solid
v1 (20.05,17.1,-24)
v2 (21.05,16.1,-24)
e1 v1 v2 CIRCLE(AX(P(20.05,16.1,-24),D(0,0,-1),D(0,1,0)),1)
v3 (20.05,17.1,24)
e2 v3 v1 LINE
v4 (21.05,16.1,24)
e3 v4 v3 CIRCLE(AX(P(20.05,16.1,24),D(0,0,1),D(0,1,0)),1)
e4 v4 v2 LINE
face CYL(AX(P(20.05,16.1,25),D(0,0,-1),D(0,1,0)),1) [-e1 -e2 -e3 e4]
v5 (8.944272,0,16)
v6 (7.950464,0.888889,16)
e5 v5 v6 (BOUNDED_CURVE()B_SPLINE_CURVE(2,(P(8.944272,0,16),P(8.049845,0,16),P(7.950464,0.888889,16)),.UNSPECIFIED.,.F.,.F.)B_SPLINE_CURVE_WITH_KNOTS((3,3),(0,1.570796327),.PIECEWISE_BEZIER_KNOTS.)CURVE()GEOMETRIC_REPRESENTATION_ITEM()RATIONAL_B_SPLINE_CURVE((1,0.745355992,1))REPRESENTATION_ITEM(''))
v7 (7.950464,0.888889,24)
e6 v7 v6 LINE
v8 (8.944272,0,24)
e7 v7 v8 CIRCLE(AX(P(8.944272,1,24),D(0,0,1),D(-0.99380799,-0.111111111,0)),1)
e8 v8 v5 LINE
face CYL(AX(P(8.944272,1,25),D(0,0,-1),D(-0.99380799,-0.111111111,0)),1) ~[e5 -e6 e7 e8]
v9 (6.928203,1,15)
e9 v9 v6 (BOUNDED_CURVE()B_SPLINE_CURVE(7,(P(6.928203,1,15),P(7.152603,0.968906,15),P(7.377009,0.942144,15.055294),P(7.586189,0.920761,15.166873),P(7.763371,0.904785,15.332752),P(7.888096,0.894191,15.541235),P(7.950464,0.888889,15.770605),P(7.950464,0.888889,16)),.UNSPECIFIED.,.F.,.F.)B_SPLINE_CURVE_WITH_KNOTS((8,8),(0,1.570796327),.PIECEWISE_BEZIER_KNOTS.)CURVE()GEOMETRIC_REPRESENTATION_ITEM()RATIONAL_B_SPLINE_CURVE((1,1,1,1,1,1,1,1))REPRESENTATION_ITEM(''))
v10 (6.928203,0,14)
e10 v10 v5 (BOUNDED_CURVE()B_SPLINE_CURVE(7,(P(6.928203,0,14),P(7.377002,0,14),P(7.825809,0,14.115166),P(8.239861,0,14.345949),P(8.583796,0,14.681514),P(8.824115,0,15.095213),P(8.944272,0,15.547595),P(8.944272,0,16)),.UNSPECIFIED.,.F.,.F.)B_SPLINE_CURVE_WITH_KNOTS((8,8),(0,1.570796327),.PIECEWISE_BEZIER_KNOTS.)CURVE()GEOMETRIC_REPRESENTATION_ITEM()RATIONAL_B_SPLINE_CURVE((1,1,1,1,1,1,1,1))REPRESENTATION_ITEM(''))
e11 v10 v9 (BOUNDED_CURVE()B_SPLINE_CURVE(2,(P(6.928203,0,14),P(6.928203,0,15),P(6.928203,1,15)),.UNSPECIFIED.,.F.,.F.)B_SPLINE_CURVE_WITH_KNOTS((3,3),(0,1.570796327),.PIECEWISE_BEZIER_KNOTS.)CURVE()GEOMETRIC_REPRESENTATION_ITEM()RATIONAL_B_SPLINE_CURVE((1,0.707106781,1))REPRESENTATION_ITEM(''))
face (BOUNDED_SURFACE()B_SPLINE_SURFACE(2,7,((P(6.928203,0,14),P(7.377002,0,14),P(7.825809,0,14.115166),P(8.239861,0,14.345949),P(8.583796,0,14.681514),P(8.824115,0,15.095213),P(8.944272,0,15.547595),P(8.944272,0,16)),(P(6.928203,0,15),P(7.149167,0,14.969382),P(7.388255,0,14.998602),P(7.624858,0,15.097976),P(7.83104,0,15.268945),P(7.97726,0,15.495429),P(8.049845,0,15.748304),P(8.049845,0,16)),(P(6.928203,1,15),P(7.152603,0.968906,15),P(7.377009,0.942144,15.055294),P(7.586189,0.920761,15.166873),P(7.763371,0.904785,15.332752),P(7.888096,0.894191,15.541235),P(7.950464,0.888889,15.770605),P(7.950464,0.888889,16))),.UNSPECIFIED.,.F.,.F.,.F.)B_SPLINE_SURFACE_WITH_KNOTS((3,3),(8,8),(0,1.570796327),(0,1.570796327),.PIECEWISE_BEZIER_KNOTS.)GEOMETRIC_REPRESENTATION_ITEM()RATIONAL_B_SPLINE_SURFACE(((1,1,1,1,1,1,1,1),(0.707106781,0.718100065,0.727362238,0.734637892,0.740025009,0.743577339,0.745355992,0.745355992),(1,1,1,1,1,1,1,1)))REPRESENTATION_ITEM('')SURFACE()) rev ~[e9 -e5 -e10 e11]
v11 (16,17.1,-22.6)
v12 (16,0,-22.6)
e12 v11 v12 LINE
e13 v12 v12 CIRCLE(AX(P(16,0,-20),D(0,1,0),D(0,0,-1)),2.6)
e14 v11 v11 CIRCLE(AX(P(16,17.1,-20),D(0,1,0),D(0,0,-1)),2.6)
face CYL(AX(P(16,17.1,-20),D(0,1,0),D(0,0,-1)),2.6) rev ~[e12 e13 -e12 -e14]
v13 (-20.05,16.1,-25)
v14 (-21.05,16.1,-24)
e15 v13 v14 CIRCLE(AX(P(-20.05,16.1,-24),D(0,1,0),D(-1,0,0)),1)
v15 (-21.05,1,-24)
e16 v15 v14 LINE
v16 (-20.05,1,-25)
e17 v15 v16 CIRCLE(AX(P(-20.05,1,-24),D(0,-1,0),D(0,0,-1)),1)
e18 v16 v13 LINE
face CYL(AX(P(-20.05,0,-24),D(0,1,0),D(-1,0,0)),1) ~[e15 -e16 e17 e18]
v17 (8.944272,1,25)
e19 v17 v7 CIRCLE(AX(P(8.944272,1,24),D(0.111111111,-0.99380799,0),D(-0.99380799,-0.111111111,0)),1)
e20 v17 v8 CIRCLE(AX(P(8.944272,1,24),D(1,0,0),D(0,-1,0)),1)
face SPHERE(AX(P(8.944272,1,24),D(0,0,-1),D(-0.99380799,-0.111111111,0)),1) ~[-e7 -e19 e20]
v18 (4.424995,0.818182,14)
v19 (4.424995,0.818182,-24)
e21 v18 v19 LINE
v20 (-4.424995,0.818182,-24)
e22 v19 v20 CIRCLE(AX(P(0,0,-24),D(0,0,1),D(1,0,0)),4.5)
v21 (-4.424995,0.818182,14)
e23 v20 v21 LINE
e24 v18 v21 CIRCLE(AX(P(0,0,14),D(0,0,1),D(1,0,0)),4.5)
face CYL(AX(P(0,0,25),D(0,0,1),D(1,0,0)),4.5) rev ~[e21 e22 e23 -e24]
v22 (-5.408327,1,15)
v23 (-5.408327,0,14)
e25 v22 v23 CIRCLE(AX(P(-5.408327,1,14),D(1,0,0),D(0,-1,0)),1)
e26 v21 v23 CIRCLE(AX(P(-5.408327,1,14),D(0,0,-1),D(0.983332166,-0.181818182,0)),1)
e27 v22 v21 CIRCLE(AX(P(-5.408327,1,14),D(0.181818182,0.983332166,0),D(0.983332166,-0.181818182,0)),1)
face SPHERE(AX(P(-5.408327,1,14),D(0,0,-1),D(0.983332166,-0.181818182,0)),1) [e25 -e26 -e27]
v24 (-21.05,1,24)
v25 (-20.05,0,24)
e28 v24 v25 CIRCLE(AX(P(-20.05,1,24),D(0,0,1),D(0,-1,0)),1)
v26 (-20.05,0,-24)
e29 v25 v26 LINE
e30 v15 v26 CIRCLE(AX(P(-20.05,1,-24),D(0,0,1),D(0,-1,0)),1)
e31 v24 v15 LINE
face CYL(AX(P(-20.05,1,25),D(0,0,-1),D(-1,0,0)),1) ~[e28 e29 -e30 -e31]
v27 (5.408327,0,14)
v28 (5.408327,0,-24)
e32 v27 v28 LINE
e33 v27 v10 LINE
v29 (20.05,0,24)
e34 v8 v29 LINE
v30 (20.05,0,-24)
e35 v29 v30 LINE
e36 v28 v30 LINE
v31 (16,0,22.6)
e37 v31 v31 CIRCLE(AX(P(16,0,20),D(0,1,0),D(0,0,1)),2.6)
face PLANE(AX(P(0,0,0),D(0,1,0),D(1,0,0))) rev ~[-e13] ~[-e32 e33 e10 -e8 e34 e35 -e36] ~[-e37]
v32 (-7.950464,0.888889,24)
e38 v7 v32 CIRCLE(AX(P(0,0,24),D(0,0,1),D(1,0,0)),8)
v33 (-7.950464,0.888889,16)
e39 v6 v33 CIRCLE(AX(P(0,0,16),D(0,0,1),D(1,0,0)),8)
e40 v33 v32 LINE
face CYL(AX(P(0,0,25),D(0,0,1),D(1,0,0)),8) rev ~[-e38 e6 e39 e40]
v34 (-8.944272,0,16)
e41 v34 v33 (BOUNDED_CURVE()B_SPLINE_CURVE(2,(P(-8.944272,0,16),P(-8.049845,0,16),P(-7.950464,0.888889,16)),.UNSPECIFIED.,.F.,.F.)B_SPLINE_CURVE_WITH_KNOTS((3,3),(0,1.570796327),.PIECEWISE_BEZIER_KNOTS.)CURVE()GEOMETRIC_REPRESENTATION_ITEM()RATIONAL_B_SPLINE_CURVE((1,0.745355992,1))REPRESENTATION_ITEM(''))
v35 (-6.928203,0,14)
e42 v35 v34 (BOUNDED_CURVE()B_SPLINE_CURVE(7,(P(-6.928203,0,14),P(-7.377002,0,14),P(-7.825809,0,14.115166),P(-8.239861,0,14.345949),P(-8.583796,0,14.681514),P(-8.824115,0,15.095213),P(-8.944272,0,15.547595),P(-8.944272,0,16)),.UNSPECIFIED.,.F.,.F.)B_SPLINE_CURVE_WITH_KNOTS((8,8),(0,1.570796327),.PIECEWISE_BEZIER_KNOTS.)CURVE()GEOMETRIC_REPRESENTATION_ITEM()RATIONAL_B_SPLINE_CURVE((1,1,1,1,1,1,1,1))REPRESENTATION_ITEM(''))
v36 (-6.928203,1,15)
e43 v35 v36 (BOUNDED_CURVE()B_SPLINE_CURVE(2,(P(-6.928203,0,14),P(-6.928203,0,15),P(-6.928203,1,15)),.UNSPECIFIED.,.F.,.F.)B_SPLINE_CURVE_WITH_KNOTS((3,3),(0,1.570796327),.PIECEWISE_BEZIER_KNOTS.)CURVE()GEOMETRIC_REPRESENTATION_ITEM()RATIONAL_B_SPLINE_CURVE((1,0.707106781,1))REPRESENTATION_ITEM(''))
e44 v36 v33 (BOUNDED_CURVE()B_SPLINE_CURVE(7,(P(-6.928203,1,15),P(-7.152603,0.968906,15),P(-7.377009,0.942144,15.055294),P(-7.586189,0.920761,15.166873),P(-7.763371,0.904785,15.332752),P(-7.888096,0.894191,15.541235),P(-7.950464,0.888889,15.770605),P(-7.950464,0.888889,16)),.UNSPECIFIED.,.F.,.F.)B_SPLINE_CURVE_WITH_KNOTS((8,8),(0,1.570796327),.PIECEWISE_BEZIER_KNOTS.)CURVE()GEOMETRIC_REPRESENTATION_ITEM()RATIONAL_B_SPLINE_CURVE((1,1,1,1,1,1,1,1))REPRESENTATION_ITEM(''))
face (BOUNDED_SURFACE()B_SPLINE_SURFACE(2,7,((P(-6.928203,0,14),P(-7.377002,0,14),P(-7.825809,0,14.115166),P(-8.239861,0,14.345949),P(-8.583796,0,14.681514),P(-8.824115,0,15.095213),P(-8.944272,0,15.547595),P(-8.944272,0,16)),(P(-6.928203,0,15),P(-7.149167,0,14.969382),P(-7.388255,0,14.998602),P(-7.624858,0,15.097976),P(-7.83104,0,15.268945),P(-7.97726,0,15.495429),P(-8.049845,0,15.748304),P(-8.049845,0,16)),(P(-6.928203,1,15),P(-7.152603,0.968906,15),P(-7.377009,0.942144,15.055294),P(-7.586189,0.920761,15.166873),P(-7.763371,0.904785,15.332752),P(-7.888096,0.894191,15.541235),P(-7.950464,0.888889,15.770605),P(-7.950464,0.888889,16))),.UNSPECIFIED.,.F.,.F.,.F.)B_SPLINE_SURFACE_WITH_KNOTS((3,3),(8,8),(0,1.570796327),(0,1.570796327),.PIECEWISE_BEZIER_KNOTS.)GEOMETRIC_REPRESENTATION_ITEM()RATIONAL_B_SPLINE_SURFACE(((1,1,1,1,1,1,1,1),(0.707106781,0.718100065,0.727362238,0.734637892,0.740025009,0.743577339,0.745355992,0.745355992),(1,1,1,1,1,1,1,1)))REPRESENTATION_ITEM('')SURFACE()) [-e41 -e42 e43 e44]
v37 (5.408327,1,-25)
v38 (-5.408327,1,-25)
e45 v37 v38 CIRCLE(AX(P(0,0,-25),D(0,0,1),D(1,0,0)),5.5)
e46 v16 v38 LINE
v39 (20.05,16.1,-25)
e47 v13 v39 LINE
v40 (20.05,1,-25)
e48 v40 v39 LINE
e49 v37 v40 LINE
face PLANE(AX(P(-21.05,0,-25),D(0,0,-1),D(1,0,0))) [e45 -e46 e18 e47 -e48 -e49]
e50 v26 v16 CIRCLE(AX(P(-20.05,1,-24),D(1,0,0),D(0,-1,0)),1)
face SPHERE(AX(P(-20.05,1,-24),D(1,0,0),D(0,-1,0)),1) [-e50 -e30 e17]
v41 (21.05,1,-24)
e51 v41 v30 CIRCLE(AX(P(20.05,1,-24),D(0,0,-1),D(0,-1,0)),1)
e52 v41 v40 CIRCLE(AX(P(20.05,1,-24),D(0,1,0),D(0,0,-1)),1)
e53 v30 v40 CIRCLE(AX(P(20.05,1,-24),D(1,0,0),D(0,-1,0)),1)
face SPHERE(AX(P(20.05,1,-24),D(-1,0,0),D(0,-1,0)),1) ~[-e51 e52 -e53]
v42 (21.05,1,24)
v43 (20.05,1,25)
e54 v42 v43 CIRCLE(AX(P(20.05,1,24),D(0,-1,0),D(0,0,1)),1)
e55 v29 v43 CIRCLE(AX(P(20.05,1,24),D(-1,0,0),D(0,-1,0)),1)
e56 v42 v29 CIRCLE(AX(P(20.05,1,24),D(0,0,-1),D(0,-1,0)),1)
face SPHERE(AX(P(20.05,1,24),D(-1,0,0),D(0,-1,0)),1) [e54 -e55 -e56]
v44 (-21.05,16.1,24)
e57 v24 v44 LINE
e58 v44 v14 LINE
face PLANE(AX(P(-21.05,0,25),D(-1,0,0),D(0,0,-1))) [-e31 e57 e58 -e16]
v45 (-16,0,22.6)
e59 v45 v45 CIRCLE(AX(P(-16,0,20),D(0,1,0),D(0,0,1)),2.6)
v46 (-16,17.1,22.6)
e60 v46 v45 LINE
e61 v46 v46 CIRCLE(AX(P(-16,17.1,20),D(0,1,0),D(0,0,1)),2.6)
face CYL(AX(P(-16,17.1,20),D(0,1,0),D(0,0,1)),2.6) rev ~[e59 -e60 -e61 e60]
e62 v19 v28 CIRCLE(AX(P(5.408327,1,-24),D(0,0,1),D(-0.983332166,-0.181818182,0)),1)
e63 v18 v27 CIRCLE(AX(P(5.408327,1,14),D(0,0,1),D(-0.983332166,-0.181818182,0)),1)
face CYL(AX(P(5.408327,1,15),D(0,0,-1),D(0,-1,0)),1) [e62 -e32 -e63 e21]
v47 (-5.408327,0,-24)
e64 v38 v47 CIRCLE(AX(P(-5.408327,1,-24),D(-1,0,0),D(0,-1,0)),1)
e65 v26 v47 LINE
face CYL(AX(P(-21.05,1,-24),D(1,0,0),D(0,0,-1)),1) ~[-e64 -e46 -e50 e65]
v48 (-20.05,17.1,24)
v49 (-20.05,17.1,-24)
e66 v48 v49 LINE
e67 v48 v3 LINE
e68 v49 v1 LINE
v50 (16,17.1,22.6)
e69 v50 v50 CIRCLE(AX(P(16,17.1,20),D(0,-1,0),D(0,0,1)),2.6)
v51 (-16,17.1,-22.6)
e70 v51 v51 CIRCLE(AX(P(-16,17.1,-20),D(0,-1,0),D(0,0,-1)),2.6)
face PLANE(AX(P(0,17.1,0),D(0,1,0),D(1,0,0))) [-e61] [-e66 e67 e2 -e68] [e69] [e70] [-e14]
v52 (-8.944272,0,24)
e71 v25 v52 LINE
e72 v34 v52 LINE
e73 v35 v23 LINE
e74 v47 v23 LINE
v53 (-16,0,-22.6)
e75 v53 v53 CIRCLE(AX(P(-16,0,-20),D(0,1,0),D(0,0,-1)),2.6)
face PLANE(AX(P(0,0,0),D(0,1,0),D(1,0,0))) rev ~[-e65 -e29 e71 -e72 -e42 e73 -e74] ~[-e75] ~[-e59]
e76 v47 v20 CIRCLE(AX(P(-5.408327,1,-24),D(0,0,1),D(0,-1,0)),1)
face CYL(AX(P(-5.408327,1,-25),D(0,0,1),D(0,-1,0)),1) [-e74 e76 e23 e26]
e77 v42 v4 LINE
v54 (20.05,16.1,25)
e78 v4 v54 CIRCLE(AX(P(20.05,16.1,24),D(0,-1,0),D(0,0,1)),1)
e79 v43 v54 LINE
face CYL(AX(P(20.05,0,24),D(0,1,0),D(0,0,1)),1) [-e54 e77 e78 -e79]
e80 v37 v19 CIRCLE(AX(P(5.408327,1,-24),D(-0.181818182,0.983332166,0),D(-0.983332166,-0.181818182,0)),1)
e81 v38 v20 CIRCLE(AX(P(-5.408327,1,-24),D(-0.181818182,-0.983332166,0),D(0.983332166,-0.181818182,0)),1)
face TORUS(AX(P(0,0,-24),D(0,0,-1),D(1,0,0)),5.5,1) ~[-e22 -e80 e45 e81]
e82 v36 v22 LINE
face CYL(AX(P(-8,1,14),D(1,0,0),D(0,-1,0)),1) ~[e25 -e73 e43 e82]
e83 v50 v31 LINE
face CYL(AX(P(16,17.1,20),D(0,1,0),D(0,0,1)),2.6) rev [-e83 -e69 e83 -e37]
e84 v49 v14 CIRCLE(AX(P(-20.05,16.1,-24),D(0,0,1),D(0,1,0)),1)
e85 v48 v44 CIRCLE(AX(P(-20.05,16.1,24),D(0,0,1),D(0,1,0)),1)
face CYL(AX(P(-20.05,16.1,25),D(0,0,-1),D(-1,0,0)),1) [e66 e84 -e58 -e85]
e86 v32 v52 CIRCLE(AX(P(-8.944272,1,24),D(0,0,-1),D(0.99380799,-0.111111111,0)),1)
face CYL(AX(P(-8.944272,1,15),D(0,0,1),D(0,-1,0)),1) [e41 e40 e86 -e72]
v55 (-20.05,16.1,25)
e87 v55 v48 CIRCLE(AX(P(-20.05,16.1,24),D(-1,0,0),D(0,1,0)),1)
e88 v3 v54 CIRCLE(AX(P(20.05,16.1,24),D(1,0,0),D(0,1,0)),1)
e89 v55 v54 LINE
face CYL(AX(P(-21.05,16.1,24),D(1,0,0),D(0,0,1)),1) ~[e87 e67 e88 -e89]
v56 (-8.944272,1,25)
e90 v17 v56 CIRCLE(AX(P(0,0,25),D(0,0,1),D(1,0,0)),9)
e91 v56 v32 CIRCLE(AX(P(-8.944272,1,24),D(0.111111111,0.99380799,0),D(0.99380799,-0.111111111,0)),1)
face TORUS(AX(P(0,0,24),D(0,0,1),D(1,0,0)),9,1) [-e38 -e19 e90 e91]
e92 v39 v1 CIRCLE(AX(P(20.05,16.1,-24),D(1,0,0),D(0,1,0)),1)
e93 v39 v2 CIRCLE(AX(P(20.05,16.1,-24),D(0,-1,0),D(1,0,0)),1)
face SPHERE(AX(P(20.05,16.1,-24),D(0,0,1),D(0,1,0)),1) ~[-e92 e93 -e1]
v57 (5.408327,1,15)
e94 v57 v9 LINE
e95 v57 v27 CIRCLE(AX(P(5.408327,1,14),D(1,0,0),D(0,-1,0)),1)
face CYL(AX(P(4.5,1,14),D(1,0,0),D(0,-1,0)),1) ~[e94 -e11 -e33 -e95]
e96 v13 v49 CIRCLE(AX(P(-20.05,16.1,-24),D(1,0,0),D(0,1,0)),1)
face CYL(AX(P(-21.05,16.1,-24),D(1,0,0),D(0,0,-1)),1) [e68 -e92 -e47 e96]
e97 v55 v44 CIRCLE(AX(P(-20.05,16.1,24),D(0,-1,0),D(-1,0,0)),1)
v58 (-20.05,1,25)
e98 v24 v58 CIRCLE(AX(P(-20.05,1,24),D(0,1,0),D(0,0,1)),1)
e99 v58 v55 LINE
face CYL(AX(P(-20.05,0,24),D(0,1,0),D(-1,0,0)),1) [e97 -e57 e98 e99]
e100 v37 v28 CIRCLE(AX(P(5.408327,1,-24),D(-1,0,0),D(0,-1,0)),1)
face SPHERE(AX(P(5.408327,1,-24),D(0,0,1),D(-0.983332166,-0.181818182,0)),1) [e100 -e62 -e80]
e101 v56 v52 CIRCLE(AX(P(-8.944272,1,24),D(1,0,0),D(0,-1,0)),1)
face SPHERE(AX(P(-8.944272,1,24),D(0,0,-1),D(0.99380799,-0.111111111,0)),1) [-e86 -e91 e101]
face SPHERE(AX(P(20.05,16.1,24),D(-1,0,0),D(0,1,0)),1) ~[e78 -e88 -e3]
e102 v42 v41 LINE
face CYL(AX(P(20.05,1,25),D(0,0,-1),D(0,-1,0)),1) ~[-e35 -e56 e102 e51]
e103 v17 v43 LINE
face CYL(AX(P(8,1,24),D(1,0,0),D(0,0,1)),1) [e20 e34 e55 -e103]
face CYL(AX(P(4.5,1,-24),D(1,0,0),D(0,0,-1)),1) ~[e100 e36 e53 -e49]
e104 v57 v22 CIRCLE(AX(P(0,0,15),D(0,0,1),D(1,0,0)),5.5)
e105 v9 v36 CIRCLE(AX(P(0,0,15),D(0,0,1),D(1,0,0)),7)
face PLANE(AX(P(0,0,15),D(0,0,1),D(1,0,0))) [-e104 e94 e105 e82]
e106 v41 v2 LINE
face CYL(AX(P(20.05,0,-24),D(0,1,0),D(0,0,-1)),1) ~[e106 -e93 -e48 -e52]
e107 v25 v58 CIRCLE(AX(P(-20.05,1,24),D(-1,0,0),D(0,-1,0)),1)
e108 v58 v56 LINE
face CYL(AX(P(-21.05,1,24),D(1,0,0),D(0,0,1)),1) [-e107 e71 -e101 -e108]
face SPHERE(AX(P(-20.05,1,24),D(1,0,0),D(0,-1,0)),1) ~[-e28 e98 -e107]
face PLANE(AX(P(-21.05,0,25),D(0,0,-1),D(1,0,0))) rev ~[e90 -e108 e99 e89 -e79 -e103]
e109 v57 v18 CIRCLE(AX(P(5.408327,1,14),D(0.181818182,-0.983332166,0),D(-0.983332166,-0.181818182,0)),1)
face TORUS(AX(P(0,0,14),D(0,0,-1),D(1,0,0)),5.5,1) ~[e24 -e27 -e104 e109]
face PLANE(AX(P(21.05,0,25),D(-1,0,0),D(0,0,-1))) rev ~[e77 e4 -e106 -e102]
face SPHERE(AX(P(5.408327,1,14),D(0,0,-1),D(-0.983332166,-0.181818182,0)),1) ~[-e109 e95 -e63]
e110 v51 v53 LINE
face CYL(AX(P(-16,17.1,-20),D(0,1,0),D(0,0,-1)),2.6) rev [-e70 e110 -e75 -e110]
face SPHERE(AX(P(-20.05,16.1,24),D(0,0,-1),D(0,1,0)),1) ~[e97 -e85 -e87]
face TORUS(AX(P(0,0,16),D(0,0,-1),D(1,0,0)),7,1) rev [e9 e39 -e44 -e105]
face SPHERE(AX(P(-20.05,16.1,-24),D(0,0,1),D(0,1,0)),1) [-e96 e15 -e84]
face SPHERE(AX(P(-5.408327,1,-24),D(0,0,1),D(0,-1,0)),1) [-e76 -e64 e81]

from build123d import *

# Parameters (mm, degrees)
SKETCH1_W               = 42.1
SKETCH1_H               = 50
BOSS_EXTRUDE1_DEPTH     = 17.1
SKETCH2_R               = 2.6
CUT_EXTRUDE1_DEPTH      = 37.885125728
MIRROR3_COPY_1_SKETCH_R = 2.6
MIRROR3_COPY_1_DEPTH    = 37.885125728
SKETCH3_R               = 4.5
CUT_EXTRUDE2_DEPTH      = 57.881565555
SKETCH4_R               = 8
CUT_EXTRUDE3_DEPTH      = 10
FILLET1_R               = 1


with BuildPart() as part:
    # Sketch1 → Boss-Extrude1 (new body)
    with BuildSketch(Plane(origin=(0, 0, 0), x_dir=(1, 0, 0), z_dir=(0, 1, 0))):
        Rectangle(SKETCH1_W, SKETCH1_H)
    extrude(amount=BOSS_EXTRUDE1_DEPTH)

    # Sketch2 → Cut-Extrude1 (cut, through all)
    with BuildSketch(Plane(origin=(0, 17.1, 0), x_dir=(1, 0, 0), z_dir=(0, 1, 0))):
        with Locations(Location((-16, -20, 0), (0, 0, 270))):
            Circle(SKETCH2_R)
    cut_extrude1 = extrude(amount=-CUT_EXTRUDE1_DEPTH, mode=Mode.SUBTRACT)

    # Mirror2: Cut-Extrude1 across plane
    add(cut_extrude1.mirror(Plane.XY), mode=Mode.SUBTRACT)

    # Mirror3: Cut-Extrude1 across plane
    add(cut_extrude1.mirror(Plane(origin=(0, 0, 0), x_dir=(0, 0, 1), z_dir=(1, 0, 0))), mode=Mode.SUBTRACT)

    # Mirror3 copy 1 sketch → Mirror3 copy 1 (cut, through all)
    with BuildSketch(Plane(origin=(0, 17.1, 0), x_dir=(-1, 0, 0), z_dir=(0, 1, 0))):
        with Locations(Location((-16, -20, 0), (0, 0, 270))):
            Circle(MIRROR3_COPY_1_SKETCH_R)
    extrude(amount=-MIRROR3_COPY_1_DEPTH, mode=Mode.SUBTRACT)

    # Sketch3 → Cut-Extrude2 (cut, through all)
    with BuildSketch(Plane.XY.offset(25)):
        Circle(SKETCH3_R)
    extrude(amount=-CUT_EXTRUDE2_DEPTH, mode=Mode.SUBTRACT)

    # Sketch4 → Cut-Extrude3 (cut)
    with BuildSketch(Plane.XY.offset(25)):
        Circle(SKETCH4_R)
    extrude(amount=-CUT_EXTRUDE3_DEPTH, mode=Mode.SUBTRACT)

    # Fillet1
    fillet1_edges = [part.edges().sort_by_distance(p)[0] for p in [
        (-21.05, 17.1, 0),
        (0, 17.1, 25),
        (-12.775, 0, -25),
        (4.5, 0, -5),
        (0, 4.5, -25),
        (21.05, 17.1, 0),
        (-4.5, 0, -5),
        (0, 4.5, 15),
        (14.525, 0, 25),
        (-14.525, 0, 25),
        (8, 0, 20),
        (-8, 0, 20),
        (0, 8, 15),
        (6.25, 0, 15),
        (-6.25, 0, 15),
        (0, 8, 25),
        (-21.05, 0, 0),
        (12.775, 0, -25),
        (21.05, 0, 0),
        (0, 17.1, -25),
        (21.05, 8.55, 25),
        (-21.05, 8.55, 25),
        (-21.05, 8.55, -25),
        (21.05, 8.55, -25),
    ]]
    fillet(fillet1_edges, radius=FILLET1_R)


solid = part.part
